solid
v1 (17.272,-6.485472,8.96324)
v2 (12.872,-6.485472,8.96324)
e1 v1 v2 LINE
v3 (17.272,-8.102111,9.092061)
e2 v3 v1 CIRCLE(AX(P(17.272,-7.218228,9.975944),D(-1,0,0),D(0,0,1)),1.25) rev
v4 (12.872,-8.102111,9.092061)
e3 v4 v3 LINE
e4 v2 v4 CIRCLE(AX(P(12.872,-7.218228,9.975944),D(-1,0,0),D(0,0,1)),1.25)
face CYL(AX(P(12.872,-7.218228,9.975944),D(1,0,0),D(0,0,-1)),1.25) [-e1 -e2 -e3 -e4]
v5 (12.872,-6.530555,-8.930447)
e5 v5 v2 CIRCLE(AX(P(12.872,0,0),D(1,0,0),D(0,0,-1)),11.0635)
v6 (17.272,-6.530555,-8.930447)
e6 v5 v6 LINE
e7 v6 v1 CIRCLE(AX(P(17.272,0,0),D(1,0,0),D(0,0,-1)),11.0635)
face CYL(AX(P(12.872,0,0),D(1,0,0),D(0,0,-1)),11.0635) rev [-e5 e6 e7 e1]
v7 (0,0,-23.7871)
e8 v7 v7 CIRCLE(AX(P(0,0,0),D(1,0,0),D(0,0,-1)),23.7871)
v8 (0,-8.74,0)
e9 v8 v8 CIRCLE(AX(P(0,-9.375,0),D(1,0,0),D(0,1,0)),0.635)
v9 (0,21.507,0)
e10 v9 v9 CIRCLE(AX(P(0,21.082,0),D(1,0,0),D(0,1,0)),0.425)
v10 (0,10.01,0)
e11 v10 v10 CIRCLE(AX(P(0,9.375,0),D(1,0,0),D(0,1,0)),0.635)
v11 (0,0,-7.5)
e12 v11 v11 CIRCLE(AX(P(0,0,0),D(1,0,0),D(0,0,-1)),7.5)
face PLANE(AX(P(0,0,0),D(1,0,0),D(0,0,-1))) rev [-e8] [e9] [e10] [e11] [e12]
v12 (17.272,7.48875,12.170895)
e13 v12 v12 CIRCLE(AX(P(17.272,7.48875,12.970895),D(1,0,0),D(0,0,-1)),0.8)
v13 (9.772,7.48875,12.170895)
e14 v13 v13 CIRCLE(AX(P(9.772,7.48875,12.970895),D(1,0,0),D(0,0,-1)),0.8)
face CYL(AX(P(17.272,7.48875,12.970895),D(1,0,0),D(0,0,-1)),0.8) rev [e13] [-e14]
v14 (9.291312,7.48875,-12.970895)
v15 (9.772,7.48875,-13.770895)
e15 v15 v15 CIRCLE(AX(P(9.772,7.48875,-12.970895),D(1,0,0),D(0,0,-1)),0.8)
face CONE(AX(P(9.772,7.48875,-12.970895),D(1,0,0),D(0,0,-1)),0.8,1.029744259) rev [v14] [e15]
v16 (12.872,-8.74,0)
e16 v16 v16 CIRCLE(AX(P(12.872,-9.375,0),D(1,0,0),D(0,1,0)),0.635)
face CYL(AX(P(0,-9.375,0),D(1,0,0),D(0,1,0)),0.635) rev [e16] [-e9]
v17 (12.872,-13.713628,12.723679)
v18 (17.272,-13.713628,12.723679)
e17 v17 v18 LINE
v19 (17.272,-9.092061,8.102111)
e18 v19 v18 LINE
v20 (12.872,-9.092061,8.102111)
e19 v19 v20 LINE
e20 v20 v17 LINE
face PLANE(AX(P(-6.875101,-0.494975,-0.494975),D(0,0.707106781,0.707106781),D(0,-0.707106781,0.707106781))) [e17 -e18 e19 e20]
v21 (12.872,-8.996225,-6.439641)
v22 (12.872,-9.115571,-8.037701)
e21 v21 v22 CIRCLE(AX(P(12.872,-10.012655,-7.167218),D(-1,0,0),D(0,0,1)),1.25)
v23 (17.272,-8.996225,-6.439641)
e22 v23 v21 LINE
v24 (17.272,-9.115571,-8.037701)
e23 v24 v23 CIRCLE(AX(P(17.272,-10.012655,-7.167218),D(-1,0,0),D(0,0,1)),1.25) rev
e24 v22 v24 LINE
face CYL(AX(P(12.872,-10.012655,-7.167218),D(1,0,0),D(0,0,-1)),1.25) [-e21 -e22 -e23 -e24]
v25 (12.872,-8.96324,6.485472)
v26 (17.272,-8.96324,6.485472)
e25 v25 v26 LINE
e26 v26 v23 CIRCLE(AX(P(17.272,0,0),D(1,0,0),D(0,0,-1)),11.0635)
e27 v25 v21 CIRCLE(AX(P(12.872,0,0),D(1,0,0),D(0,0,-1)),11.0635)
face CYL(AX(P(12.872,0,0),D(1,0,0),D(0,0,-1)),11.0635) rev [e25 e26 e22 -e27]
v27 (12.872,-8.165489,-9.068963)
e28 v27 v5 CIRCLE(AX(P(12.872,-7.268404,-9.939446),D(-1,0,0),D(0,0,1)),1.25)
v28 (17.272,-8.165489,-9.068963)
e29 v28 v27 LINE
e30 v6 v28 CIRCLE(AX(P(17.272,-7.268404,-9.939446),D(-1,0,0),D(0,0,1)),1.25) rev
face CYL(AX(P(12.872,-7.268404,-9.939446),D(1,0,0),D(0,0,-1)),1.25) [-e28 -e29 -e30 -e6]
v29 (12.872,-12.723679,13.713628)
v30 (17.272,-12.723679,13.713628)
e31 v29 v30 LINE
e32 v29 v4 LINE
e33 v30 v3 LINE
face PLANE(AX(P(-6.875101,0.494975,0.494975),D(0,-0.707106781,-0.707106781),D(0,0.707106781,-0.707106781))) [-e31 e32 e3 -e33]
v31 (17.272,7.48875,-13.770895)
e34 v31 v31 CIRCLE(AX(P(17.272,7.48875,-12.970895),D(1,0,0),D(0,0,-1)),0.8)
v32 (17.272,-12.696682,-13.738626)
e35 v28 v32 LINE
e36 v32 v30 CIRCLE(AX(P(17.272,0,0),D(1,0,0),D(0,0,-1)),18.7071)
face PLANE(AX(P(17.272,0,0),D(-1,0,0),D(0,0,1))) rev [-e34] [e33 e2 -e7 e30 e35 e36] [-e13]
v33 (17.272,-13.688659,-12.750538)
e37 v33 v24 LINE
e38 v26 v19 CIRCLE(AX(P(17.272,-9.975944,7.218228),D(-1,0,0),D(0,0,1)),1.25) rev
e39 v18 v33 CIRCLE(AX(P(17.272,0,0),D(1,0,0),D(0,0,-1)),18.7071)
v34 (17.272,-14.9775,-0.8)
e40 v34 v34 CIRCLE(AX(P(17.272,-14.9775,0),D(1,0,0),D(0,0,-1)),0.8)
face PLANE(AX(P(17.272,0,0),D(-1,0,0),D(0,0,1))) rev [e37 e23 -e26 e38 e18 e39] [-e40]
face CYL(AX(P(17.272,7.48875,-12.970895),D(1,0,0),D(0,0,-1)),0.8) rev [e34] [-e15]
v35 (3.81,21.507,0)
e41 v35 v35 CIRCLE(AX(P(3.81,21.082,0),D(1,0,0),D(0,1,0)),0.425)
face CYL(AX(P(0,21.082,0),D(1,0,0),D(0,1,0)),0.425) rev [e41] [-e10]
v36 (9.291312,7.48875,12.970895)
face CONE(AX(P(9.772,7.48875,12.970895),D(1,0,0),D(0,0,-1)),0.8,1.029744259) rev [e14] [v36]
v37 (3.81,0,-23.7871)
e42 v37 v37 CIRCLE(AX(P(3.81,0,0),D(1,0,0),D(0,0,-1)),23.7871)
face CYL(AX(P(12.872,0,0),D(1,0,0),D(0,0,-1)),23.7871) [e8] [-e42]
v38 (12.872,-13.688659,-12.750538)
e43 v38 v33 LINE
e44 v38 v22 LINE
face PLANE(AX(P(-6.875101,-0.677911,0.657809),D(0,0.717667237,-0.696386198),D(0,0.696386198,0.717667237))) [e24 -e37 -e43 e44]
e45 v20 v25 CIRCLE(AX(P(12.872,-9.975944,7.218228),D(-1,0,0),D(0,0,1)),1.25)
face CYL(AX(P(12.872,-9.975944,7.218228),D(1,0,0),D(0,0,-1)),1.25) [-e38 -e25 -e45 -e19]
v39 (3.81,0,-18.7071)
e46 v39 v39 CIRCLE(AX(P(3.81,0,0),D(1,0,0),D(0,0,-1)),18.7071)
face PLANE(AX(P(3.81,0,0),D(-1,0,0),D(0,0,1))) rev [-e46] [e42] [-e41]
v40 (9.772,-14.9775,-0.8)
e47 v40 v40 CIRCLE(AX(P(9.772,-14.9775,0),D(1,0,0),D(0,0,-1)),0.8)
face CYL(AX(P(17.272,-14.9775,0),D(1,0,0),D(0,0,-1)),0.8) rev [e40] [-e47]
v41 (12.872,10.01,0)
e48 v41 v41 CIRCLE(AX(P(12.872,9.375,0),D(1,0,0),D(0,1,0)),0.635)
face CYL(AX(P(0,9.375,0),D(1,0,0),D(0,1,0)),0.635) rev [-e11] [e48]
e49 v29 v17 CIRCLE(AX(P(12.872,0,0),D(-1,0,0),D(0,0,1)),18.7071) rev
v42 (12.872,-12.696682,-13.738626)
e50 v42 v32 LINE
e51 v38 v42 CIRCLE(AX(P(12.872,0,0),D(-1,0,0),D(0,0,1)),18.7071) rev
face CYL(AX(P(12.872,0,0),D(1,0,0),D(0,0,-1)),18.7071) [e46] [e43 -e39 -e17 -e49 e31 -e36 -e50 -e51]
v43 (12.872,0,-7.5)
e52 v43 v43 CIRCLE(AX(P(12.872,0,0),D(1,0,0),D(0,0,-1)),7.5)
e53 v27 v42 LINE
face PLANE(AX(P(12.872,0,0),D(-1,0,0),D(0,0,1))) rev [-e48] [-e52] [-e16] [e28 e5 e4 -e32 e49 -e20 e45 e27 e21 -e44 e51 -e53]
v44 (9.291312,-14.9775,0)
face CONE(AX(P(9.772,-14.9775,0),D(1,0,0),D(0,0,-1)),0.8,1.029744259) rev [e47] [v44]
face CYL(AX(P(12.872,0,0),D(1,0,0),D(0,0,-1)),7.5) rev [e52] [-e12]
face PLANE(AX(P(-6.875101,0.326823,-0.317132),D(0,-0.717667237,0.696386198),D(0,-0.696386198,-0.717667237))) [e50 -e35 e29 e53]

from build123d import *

# Parameters (mm, degrees)
SKETCH2_R                 = 0.315
CUT_EXTRUDE1_DEPTH        = 4.4
SKETCH3_R                 = 0.425
CUT_EXTRUDE2_DEPTH        = 37.233654202
SKETCH4_R                 = 0.635
CUT_EXTRUDE3_DEPTH        = 37.018615143
FILLET1_R                 = 1.25
M2X0_4_TAPPED_HOLE1_D     = 1.6
M2X0_4_TAPPED_HOLE1_DEPTH = 7.5
M2X0_4_TAPPED_HOLE1_TIP   = 0.480688495


with BuildPart() as part:
    # Sketch1 → Revolve1 (revolve)
    with BuildSketch(Plane.XY, mode=Mode.PRIVATE) as revolve1_sk:
        Polygon((0, 23.7871), (0, 7.5), (12.872, 7.5), (12.872, 11.0635), (17.272, 11.0635), (17.272, 18.7071), (3.81, 18.7071), (3.81, 23.7871), align=None)
    revolve(revolve1_sk.sketch.rotate(Axis((12.872, 0, 0), (-1, 0, 0)), 90), axis=Axis((12.872, 0, 0), (-1, 0, 0)))

    # Sketch2 → Cut-Extrude1 (cut)
    with BuildSketch(Plane(origin=(17.272, 0, 0), x_dir=(0, 0, -1), z_dir=(1, 0, 0))):
        with BuildLine():
            Line((-0.657808531, -0.677910665), (0, 0))
            Line((0, 0), (-0.494974747, 0.494974747))
            Line((-0.494974747, 0.494974747), (-8.302376115, -7.312426621))
            ThreePointArc((-8.302376115, -7.312426621), (-7.823075874, -7.823075874), (-7.312426621, -8.302376115))
            Line((-7.312426621, -8.302376115), (-0.16558691, -1.155536403))
            Line((-0.16558691, -1.155536403), (-0.657808531, -0.677910665))
        make_face()
        with BuildLine():
            Line((-12.723678558, -13.713628052), (-7.312426621, -8.302376115))
            ThreePointArc((-7.312426621, -8.302376115), (-7.823075874, -7.823075874), (-8.302376115, -7.312426621))
            Line((-8.302376115, -7.312426621), (-13.713628052, -12.723678558))
            ThreePointArc((-13.713628052, -12.723678558), (-13.473131789, -12.978070358), (-13.227917265, -13.227917267))
            ThreePointArc((-13.227917265, -13.227917267), (-12.978070357, -13.473131789), (-12.723678558, -13.713628052))
        make_face()
        with BuildLine():
            Line((13.738626304, -12.696682153), (8.250314399, -7.371115558))
            ThreePointArc((8.250314399, -7.371115558), (7.767282545, -7.878474098), (7.253109959, -8.354246116))
            Line((7.253109959, -8.354246116), (12.750537979, -13.688658505))
            ThreePointArc((12.750537979, -13.688658505), (13.09218126, -13.362274517), (13.425472665, -13.027366354))
            ThreePointArc((13.425472665, -13.027366354), (13.58305585, -12.862977268), (13.738626304, -12.696682153))
        make_face()
        with BuildLine():
            Line((8.250314399, -7.371115558), (0.317132147, 0.326823466))
            Line((0.317132147, 0.326823466), (0, 0))
            Line((0, 0), (0.494974747, -0.494974747))
            Line((0.494974747, -0.494974747), (-0.16558691, -1.155536403))
            Line((-0.16558691, -1.155536403), (7.253109959, -8.354246116))
            ThreePointArc((7.253109959, -8.354246116), (7.767282545, -7.878474098), (8.250314399, -7.371115558))
        make_face()
        with Locations((0, -14.9775)):
            Circle(SKETCH2_R)
        with Locations((-12.970895485, 7.48875)):
            Circle(SKETCH2_R)
        with Locations((12.970895485, 7.48875)):
            Circle(SKETCH2_R)
    extrude(amount=-CUT_EXTRUDE1_DEPTH, mode=Mode.SUBTRACT)

    # Sketch3 → Cut-Extrude2 (cut, through all)
    with BuildSketch(Plane(origin=(3.81, 0, 0), x_dir=(0, 0, -1), z_dir=(1, 0, 0))):
        with Locations(Location((0, 21.082, 0), (0, 0, 90))):
            Circle(SKETCH3_R)
    extrude(amount=-CUT_EXTRUDE2_DEPTH, mode=Mode.SUBTRACT)

    # Sketch4 → Cut-Extrude3 (cut, through all)
    with BuildSketch(Plane(origin=(12.872, 0, 0), x_dir=(0, 0, -1), z_dir=(1, 0, 0))):
        with Locations(Location((0, 9.375, 0), (0, 0, 90))):
            Circle(SKETCH4_R)
        with Locations(Location((0, -9.375, 0), (0, 0, 90))):
            Circle(SKETCH4_R)
    extrude(amount=-CUT_EXTRUDE3_DEPTH, mode=Mode.SUBTRACT)

    # Fillet1
    fillet1_edges = [part.edges().sort_by_distance(p)[0] for p in [
        (15.072, -7.312426621, 8.302376115),
        (15.072, -8.302376115, 7.312426621),
        (15.072, -7.371115558, -8.250314399),
        (15.072, -8.354246116, -7.253109959),
    ]]
    fillet(fillet1_edges, radius=FILLET1_R)

    # M2x0.4 Tapped Hole1
    with Locations(Plane(origin=(17.272, 7.48875, 12.970895485), x_dir=(0, 0, 1), z_dir=(1, 0, 0))):
        with Locations((0, 0), (-25.94179097, 0), (-12.970895485, 22.46625)):
            Hole(M2X0_4_TAPPED_HOLE1_D / 2, depth=M2X0_4_TAPPED_HOLE1_DEPTH)
            with Locations((0, 0, -(M2X0_4_TAPPED_HOLE1_DEPTH + M2X0_4_TAPPED_HOLE1_TIP / 2))):  # 118° drill point
                Cone(0, M2X0_4_TAPPED_HOLE1_D / 2, M2X0_4_TAPPED_HOLE1_TIP, mode=Mode.SUBTRACT)


solid = part.part
